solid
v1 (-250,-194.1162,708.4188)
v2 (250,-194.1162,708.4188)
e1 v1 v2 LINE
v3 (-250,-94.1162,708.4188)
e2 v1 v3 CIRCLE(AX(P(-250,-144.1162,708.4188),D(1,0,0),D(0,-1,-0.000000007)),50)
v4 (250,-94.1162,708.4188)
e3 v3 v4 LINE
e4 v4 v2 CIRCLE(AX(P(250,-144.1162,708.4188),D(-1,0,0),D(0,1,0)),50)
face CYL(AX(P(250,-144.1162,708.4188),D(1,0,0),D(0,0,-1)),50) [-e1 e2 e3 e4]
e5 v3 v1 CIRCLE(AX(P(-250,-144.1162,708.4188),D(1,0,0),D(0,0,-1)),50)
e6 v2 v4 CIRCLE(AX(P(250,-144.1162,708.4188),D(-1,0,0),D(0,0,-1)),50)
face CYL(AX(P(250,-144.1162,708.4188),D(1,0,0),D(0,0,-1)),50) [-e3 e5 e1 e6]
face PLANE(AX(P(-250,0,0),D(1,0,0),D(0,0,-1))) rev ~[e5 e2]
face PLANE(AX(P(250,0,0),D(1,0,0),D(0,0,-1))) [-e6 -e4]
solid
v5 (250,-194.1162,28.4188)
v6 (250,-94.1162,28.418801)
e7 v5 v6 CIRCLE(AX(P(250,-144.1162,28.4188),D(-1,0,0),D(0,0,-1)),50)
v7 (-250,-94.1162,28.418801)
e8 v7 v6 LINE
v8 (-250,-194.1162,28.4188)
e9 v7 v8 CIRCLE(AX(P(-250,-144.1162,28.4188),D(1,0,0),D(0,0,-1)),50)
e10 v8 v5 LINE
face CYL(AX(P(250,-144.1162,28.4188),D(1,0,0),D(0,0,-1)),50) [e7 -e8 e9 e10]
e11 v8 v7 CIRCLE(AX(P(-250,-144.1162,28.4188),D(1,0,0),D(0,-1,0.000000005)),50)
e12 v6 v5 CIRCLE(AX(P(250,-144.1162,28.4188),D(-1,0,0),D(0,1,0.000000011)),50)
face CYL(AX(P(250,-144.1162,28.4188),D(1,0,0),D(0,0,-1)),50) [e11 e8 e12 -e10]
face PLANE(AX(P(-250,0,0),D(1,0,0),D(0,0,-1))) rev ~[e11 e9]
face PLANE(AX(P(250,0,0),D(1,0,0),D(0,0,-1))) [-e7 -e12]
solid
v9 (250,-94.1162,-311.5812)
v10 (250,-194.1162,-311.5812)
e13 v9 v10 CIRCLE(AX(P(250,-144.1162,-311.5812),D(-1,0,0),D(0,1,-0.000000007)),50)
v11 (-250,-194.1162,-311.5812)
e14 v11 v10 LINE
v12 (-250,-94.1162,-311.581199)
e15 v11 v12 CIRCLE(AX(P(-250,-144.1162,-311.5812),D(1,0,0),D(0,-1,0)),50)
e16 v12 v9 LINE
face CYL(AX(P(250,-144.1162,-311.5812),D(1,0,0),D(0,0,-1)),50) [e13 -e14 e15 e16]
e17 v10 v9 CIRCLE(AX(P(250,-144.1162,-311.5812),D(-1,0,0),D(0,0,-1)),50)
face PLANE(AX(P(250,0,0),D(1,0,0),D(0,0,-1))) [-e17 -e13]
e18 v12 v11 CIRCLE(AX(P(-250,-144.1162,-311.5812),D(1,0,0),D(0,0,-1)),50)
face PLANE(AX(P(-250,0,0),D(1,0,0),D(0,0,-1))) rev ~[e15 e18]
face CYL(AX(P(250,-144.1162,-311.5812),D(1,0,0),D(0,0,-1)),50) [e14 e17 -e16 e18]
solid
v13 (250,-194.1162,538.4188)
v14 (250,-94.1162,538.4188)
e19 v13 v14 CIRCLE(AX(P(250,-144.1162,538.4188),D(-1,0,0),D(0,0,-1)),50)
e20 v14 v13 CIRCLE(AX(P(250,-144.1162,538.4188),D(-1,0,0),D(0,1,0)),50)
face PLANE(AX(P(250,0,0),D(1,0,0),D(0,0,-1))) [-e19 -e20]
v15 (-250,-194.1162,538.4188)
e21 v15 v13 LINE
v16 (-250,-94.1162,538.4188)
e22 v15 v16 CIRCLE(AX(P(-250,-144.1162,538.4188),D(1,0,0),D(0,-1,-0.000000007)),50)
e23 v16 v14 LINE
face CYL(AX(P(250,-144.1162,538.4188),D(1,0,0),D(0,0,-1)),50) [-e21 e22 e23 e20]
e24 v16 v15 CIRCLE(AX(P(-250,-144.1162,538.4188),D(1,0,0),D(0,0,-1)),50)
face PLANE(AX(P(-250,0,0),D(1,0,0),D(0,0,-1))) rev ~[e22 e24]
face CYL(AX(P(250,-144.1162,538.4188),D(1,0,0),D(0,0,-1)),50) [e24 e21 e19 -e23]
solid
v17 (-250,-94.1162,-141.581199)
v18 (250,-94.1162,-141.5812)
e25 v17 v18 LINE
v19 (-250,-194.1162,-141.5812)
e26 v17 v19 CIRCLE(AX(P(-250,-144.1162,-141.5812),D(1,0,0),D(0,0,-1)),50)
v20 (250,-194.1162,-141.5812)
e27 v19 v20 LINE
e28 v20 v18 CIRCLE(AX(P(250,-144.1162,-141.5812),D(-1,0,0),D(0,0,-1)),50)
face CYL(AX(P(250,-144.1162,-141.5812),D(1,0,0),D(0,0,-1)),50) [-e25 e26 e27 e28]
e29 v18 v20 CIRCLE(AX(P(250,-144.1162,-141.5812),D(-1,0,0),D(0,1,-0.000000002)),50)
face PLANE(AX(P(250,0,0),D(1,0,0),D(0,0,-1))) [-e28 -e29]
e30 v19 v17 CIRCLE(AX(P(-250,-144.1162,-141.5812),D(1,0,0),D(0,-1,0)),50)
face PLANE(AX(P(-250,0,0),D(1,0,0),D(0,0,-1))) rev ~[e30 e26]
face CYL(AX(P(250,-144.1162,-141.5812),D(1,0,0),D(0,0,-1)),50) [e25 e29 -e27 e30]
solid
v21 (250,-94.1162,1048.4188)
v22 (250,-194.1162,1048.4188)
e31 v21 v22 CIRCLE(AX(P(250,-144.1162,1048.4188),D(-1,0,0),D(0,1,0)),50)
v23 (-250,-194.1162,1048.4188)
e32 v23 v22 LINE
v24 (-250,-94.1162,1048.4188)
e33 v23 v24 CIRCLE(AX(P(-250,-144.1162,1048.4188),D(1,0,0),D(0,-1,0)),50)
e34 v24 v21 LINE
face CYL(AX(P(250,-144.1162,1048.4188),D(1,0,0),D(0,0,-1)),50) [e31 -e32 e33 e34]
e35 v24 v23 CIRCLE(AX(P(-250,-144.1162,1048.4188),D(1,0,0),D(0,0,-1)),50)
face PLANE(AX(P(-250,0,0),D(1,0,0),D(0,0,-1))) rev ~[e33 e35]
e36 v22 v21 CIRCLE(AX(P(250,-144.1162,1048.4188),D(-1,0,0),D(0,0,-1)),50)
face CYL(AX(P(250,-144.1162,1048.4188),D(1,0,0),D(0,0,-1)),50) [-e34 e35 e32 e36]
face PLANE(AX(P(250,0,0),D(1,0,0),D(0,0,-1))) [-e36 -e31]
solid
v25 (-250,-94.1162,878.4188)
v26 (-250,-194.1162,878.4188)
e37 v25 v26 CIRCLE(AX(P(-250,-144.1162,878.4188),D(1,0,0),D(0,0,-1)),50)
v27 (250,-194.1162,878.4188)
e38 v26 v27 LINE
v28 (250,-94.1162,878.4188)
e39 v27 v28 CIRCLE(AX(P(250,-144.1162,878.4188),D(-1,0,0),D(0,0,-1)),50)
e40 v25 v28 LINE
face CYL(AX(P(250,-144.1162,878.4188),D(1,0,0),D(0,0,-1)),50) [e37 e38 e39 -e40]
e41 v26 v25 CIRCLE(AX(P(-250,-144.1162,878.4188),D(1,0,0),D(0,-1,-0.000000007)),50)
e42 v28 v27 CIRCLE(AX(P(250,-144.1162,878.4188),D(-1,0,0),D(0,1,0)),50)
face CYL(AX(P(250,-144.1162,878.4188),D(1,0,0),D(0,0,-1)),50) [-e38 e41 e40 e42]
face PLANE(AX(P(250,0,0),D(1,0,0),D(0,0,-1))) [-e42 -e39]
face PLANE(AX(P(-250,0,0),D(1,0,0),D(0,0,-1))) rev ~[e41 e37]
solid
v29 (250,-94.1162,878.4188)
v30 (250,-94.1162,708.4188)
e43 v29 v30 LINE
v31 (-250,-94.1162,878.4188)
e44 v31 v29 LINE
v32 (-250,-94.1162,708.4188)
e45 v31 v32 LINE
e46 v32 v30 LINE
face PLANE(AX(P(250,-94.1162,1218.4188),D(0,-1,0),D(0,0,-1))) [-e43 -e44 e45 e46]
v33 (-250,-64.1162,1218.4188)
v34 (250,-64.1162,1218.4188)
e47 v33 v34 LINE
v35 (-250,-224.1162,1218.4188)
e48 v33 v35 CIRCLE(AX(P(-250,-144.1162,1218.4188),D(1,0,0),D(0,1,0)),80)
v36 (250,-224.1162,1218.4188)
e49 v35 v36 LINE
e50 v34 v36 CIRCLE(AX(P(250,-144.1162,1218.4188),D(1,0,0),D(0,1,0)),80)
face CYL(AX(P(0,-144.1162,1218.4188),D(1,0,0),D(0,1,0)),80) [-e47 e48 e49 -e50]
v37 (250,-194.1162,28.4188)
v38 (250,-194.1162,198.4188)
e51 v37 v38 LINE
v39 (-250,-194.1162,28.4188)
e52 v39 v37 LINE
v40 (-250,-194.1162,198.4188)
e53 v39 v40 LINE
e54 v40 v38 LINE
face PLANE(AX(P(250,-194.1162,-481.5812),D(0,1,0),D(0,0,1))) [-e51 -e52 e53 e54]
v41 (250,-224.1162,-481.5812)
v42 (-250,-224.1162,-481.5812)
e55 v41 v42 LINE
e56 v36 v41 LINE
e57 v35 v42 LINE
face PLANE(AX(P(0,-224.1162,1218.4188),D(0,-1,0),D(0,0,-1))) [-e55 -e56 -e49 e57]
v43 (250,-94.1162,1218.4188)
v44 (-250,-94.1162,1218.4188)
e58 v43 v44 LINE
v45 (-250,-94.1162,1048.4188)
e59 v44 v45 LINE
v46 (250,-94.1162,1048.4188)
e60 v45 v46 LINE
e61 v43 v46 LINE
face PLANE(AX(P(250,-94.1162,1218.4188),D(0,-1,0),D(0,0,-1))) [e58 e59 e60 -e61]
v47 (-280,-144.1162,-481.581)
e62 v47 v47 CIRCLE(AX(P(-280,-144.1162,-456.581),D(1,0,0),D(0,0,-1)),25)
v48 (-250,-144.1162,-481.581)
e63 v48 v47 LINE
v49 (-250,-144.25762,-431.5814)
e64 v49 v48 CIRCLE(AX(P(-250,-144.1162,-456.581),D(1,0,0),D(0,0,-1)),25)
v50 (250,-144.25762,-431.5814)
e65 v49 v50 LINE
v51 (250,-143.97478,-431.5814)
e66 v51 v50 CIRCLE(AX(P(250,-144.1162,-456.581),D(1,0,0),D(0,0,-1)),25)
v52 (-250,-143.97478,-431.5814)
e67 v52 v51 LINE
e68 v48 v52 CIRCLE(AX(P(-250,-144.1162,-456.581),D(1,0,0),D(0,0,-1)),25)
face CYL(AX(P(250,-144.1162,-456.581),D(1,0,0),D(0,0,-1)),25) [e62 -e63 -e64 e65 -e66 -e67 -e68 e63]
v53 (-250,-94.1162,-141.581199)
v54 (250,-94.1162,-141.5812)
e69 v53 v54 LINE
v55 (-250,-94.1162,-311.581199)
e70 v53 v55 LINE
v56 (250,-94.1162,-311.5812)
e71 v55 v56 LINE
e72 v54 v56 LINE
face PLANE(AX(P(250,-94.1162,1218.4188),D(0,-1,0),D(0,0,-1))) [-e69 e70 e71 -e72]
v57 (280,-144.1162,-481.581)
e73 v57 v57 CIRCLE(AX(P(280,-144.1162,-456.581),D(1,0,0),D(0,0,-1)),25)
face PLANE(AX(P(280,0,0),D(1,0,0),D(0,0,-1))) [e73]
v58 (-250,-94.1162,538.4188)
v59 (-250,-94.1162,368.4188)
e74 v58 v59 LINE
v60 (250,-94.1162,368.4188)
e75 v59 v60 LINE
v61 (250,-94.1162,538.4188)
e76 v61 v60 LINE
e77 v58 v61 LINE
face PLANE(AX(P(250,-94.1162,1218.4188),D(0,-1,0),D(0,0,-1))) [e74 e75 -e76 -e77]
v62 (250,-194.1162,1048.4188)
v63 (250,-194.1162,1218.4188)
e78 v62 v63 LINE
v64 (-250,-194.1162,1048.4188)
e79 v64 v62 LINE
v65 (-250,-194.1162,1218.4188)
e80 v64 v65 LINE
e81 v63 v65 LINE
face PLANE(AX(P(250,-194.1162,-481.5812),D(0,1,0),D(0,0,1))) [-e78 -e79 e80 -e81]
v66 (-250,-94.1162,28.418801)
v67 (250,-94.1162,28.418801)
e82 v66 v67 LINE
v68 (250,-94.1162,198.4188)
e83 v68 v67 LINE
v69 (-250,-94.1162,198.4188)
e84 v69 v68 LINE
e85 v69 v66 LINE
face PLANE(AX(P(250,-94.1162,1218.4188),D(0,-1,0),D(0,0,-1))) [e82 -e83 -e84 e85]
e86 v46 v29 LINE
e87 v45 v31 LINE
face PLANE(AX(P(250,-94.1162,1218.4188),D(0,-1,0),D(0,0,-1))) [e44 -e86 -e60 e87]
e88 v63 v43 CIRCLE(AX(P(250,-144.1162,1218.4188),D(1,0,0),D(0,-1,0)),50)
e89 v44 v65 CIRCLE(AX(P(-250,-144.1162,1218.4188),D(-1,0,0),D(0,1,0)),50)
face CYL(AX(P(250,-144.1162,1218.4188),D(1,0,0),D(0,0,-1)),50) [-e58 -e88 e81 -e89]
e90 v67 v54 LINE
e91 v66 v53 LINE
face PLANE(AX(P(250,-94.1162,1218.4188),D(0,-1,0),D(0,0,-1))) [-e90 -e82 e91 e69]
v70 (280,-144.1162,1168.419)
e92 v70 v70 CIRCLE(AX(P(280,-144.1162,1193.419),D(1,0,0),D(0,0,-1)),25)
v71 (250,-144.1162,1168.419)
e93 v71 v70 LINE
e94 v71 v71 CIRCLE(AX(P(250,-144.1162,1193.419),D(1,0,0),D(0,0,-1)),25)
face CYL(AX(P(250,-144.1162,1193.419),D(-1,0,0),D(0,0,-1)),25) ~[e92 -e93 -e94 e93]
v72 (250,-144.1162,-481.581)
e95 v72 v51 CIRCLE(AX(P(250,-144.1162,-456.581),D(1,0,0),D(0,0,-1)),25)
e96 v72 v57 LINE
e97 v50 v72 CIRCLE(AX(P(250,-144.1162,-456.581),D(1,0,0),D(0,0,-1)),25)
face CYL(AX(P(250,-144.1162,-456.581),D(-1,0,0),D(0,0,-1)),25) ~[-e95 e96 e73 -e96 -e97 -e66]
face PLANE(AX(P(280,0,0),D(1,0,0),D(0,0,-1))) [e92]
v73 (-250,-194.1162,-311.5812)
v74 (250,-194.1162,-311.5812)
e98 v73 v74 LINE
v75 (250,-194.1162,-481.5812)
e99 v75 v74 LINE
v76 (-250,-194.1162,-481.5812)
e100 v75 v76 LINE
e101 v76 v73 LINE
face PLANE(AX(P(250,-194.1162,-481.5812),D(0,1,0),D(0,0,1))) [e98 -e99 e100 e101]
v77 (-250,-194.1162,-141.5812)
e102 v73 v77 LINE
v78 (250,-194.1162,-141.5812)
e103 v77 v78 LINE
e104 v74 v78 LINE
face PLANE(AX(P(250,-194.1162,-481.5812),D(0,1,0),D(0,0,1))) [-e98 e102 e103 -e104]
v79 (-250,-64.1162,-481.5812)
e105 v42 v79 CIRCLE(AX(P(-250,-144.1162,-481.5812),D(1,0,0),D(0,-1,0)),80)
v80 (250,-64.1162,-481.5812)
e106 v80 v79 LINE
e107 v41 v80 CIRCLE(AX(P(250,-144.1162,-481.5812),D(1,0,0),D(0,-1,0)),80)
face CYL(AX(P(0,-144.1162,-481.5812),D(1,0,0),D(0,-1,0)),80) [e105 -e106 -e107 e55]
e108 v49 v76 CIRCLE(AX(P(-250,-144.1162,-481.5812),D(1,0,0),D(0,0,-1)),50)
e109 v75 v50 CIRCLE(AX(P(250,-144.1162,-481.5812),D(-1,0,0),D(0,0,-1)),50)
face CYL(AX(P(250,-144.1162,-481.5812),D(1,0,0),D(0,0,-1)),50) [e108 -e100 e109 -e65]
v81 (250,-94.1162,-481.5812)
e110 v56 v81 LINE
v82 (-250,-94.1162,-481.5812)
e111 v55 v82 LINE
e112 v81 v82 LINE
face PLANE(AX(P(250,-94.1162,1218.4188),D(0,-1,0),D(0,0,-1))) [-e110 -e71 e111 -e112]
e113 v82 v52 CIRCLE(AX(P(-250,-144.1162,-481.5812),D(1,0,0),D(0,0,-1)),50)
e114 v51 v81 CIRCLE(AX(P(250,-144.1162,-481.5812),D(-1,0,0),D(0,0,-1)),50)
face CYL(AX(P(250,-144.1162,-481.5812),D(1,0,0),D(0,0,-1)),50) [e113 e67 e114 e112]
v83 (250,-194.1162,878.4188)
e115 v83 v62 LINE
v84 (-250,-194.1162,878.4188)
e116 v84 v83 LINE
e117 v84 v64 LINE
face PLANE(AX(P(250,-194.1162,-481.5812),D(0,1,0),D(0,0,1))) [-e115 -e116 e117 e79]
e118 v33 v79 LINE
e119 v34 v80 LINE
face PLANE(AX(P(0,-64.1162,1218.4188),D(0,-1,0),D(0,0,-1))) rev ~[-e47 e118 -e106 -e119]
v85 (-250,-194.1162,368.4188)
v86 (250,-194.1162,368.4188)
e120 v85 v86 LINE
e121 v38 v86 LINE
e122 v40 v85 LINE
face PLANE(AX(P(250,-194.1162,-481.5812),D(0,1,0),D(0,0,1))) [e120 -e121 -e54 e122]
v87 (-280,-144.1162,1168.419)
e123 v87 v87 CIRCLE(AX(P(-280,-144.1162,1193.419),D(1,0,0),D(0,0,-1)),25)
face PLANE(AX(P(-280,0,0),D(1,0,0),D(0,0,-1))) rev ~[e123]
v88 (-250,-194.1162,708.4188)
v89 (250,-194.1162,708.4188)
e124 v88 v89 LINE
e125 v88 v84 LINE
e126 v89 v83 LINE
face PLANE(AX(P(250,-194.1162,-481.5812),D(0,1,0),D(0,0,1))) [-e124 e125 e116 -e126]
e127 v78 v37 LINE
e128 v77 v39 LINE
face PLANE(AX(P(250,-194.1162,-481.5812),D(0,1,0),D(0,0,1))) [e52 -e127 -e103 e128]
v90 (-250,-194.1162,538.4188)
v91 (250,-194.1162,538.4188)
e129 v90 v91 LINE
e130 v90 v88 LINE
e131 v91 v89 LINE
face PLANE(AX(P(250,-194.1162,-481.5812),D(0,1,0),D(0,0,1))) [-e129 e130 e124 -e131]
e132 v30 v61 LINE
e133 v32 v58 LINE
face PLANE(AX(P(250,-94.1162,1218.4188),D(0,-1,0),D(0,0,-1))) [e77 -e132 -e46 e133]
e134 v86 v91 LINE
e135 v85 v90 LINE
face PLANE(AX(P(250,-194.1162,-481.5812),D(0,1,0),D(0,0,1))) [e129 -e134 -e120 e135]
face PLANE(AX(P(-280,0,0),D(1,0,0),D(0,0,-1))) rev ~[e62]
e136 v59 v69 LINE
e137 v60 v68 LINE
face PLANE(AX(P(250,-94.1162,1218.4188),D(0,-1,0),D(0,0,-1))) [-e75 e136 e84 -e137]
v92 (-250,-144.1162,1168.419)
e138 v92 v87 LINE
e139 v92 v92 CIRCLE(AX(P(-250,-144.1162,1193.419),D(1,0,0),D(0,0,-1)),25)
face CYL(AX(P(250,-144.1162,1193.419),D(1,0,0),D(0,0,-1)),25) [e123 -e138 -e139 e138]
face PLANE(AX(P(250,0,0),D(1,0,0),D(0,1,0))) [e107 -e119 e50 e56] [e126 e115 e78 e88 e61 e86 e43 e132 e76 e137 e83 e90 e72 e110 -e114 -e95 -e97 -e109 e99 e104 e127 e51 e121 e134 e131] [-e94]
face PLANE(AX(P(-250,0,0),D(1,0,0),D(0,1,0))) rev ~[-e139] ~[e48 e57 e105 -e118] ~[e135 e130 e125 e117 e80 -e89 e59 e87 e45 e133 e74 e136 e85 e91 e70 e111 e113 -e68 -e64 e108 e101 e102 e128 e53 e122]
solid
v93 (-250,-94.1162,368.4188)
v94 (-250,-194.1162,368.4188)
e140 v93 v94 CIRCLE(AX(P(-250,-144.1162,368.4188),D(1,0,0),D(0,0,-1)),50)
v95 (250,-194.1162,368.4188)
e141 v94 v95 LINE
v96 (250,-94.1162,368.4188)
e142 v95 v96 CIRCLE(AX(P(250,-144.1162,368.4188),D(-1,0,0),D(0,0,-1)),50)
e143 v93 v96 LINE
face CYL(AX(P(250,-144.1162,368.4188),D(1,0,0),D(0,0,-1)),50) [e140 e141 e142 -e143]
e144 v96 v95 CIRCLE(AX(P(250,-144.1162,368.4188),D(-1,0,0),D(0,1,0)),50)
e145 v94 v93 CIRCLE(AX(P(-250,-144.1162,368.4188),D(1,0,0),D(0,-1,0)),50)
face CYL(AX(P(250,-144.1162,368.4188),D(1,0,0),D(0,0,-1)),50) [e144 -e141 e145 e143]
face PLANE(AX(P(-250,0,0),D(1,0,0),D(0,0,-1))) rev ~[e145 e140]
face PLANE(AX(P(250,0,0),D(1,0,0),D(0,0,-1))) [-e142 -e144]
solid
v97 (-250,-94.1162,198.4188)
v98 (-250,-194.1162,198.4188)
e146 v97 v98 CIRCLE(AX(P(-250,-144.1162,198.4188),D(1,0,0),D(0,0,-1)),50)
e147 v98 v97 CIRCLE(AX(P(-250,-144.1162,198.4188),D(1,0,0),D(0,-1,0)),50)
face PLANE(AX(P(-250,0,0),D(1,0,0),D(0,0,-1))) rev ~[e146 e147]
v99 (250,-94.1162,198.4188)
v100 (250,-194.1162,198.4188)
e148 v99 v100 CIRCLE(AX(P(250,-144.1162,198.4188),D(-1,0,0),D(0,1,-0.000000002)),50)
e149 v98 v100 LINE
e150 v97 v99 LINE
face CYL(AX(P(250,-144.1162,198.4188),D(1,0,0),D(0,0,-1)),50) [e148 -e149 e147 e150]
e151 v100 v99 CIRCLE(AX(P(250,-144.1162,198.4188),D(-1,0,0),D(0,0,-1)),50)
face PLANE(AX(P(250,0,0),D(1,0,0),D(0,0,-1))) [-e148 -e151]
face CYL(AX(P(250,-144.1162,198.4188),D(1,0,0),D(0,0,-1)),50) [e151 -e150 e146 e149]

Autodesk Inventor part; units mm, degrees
ref_plane "YZ Plane" through (0, 0, 0) normal (1, 0, 0) x (0, 1, 0)
ref_plane "XZ Plane" through (0, 0, 0) normal (0, 1, 0) x (-1, 0, 0)
ref_plane "XY Plane" through (0, 0, 0) normal (0, 0, 1) x (1, 0, 0)
sketch "Sketch1" plane through (0, 0, 0) normal (1, 0, 0) x (0, 1, 0)
  arc A0 (-194.1162, -481.5812) -> (-94.1162, -481.5812) centre (-144.1162, -481.5812) ccw
  line L0 (-194.1162, -481.5812) -> (-194.1162, 1218.4188)
  line L1 (-94.1162, 1218.4188) -> (-94.1162, -481.5812)
  arc A1 (-94.1162, 1218.4188) -> (-194.1162, 1218.4188) centre (-144.1162, 1218.4188) ccw
  line L2 (-64.1162, 1218.4188) -> (-64.1162, -481.5812)
  line L3 (-224.1162, 1218.4188) -> (-224.1162, -481.5812)
  arc A2 (-64.1162, 1218.4188) -> (-224.1162, 1218.4188) centre (-144.1162, 1218.4188) ccw
  arc A3 (-224.1162, -481.5812) -> (-64.1162, -481.5812) centre (-144.1162, -481.5812) ccw
  point P0 (0, 0)
  dimension "d5" = 1700
  dimension "d6" = 30
  dimension "d7" = 30
extrude "Extrusion1" add sketch "Sketch1" along normal mid plane 500 contours L0 A1 L1 A0 | L2 A3 L3 A2
sketch "Sketch2" plane through (250, 0, 0) normal (1, 0, 0) x (0, 0, -1)
  line L0 (-1218.4188, -94.1162) -> (481.5812, -94.1162)
  line L1 (481.5812, -194.1162) -> (-1218.4188, -194.1162)
  line L2 (481.5812, -64.1162) -> (-1218.4188, -64.1162) projected
  arc A0 (-1218.4188, -94.1162) -> (-1218.4188, -194.1162) centre (-1218.4188, -144.1162) ccw
  arc A1 (481.5812, -194.1162) -> (481.5812, -94.1162) centre (481.5812, -144.1162) ccw
  point P0 (0, 0)
  dimension "d10" = 1700
  dimension "d11" = 100
  dimension "d12" = 30
extrude "Extrusion2" cut sketch "Sketch2" against normal blind 500
sketch "Sketch3" plane through (250, 0, 0) normal (1, 0, 0) x (0, 0, -1)
  circle A0 centre (-1048.4188, -144.1162) radius 50
  line L0 (-1218.4188, -94.1162) -> (481.5812, -94.1162) projected
  circle A1 centre (-878.4188, -144.1162) radius 50
  circle A2 centre (-708.4188, -144.1162) radius 50
  circle A3 centre (-538.4188, -144.1162) radius 50
  circle A4 centre (-368.4188, -144.1162) radius 50
  circle A5 centre (-198.4188, -144.1162) radius 50
  circle A6 centre (-28.4188, -144.1162) radius 50
  circle A7 centre (141.5812, -144.1162) radius 50
  circle A8 centre (311.5812, -144.1162) radius 50
  circle A9 centre (481.5812, -144.1162) radius 50
  circle A10 centre (-1218.4188, -144.1162) radius 50
  point P0 (0, 0)
  dimension "d17" = 170
  dimension "d18" = 170
  dimension "d19" = 170
  dimension "d20" = 170
  dimension "d21" = 170
  dimension "d23" = 170
  dimension "d24" = 170
  dimension "d25" = 170
  dimension "d26" = 170
  dimension "d27" = 170
  dimension "d28" = 0
sketch "Sketch4" plane through (250, 0, 0) normal (1, 0, 0) x (0, 0, -1)
  point P0 (0, 0)
sketch "Sketch5" plane through (250, 0, 0) normal (1, 0, 0) x (0, 0, -1)
  point P0 (0, 0)
extrude "Extrusion3" add sketch "Sketch3" against normal blind 500
sketch "Sketch6" plane through (250, 0, 0) normal (1, 0, 0) x (0, 0, -1)
  circle A0 centre (-1193.419, -144.1162) radius 25
  circle A1 centre (456.581, -144.1162) radius 25
  point P0 (0, 0)
  dimension "d31" = 50
  dimension "d32" = 50
extrude "Extrusion4" add sketch "Sketch6" along normal blind 30 and the other way blind 530
properties part number "conveyer belt"
